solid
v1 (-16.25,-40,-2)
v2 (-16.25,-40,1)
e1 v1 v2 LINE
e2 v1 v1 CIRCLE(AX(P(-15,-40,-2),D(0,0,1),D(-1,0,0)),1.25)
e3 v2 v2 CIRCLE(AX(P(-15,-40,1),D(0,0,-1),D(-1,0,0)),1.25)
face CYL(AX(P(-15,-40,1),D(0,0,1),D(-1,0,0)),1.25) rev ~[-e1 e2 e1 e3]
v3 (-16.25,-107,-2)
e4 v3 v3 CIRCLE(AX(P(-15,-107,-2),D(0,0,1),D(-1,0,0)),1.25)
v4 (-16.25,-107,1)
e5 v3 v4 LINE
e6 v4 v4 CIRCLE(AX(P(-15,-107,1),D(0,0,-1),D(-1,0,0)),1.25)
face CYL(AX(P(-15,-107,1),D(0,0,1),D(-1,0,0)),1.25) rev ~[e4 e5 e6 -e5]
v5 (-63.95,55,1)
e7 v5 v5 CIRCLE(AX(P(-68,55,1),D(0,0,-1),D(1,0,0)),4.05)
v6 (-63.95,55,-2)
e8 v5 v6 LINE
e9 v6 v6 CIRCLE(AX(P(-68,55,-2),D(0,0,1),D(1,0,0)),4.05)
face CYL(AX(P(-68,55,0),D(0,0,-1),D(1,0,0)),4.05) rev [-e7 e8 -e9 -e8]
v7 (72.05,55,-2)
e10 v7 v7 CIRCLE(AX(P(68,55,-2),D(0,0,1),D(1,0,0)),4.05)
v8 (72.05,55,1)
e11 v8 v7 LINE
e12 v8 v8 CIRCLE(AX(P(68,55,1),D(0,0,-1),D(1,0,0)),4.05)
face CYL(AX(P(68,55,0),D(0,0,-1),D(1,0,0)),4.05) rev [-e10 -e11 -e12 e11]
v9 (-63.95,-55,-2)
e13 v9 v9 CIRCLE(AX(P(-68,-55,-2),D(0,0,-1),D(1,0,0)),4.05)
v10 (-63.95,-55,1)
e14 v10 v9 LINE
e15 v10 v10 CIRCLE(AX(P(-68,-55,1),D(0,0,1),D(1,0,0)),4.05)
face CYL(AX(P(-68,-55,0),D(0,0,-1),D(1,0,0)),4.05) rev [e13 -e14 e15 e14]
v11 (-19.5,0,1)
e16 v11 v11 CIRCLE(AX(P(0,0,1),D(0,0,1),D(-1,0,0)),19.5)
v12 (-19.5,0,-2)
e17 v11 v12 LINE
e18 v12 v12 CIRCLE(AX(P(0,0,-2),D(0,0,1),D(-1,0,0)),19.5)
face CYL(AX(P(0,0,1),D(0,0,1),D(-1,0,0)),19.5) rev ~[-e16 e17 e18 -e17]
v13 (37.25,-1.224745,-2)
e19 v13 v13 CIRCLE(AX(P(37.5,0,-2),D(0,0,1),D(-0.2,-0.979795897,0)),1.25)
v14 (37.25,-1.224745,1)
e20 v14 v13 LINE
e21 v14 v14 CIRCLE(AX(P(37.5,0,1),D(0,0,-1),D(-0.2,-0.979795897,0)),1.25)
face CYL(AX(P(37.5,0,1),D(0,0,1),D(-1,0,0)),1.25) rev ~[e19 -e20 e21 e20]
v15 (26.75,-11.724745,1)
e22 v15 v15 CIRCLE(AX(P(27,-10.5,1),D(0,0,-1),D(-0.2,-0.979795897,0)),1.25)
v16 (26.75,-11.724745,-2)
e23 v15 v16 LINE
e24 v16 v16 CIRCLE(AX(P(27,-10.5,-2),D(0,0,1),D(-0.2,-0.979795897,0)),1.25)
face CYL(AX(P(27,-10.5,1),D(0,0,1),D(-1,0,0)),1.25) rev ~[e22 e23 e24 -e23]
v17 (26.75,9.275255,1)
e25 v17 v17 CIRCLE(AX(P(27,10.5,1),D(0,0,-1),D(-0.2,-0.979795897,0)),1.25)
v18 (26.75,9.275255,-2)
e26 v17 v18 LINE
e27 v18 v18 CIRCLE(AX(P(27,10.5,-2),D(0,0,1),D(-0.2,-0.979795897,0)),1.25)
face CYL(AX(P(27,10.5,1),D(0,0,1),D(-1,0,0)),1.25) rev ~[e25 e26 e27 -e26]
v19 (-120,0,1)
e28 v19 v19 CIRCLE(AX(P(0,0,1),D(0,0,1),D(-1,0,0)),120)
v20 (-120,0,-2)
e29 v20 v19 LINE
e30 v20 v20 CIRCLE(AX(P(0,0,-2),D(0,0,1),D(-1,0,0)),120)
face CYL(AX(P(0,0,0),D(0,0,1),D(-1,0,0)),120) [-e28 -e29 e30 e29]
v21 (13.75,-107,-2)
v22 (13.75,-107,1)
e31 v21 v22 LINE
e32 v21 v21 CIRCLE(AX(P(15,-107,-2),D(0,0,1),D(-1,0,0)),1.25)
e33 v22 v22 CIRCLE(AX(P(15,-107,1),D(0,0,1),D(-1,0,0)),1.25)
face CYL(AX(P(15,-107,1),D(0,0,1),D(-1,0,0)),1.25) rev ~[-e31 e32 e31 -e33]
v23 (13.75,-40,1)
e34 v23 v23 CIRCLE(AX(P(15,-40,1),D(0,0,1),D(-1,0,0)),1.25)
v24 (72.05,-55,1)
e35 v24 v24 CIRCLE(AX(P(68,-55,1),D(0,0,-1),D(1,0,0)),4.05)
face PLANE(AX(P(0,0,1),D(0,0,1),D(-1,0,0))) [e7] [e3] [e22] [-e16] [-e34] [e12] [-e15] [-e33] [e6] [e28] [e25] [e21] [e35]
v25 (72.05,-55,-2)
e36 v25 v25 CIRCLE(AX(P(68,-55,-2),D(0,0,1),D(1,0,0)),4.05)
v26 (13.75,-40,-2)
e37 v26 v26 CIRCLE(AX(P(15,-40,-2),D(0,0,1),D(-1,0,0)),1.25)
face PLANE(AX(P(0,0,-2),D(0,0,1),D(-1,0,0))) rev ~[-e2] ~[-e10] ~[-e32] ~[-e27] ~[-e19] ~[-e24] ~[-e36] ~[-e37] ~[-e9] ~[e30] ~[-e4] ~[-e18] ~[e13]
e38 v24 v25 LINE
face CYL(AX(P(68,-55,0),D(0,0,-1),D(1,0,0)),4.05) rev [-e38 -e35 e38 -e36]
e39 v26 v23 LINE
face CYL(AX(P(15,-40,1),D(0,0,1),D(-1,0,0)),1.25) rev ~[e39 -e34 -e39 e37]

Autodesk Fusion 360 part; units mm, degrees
sketch "スケッチ1" plane through (0, 0, 0) normal (0, 0, 1) x (1, 0, 0)
  line L0 (68, -55) -> (-68, -55)
  line L1 (-68, -55) -> (-68, 55)
  line L2 (-68, 55) -> (68, 55)
  line L3 (68, 55) -> (68, -55)
  line L4 (68, -55) -> (-68, 55) construction
  line L5 (-68, -55) -> (68, 55) construction
  circle A0 centre (-68, 55) radius 4.05
  circle A1 centre (68, 55) radius 4.05
  circle A2 centre (-68, -55) radius 4.05
  circle A3 centre (68, -55) radius 4.05
  circle A4 centre (0, 0) radius 35
  circle A5 centre (0, 0) radius 130
  dimension "d1" = 136
  dimension "d2" = 110
  dimension "d3" = 8.1
  dimension "d4" = 8.1
  dimension "d5" = 8.1
  dimension "d6" = 8.1
  dimension "d18" = 70
  dimension "d19" = 260
extrude "押し出し1" add sketch "スケッチ1" along normal blind 1 contours L0 L1 L2 L3 A0 A1 A2 A3 | A5
sketch "スケッチ7" plane through (0, 0, 1) normal (0, 0, 1) x (-1, 0, 0)
  circle A0 centre (68, -55) radius 4.05
  circle A1 centre (68, 55) radius 4.05
  circle A2 centre (-68, -55) radius 4.05
  circle A3 centre (-68, 55) radius 4.05
  circle A4 centre (0, 0) radius 35
  circle A5 centre (0, 0) radius 130
  circle A6 centre (0, 0) radius 25
  dimension "d809" = 50
extrude "押し出し11" add sketch "スケッチ7" against normal blind 1 contours A4
sketch "スケッチ8" plane through (0, 0, 1) normal (0, 0, 1) x (-1, 0, 0)
  circle A0 centre (0, 0) radius 25
  circle A1 centre (68, -55) radius 4.05
  circle A2 centre (68, 55) radius 4.05
  circle A3 centre (-68, -55) radius 4.05
  circle A4 centre (-68, 55) radius 4.05
  circle A5 centre (0, 0) radius 130
  line L0 (0, 0) -> (16.5, 0)
  line L1 (16.5, 0) -> (16.5, 25.6)
  circle A6 centre (16.5, 25.6) radius 1.25
  line L2 (0, 0) -> (-16.5, 0)
  line L3 (-16.5, 0) -> (-16.5, -25.6)
  circle A7 centre (-16.5, -25.6) radius 1.25
  line L4 (-16.5, -25.6) -> (-37.5, -25.6)
  circle A8 centre (-37.5, -25.6) radius 1.25
  line L5 (-27, -25.6) -> (-27, -36.1)
  line L6 (-27, -25.6) -> (-27, -15.1)
  circle A9 centre (-27, -36.1) radius 1.25
  circle A10 centre (-27, -15.1) radius 1.25
  dimension "d812" = 16.5
  dimension "d813" = 25.6
  dimension "d814" = 2.5
  dimension "d817" = 16.5
  dimension "d818" = 25.6
  dimension "d819" = 2.5
  dimension "d822" = 21
  dimension "d823" = 2.5
  dimension "d824" = 10.5
  dimension "d825" = 10.5
  dimension "d826" = 2.5
  dimension "d827" = 2.5
extrude "押し出し13" cut sketch "スケッチ8" against normal blind 1 contours L3 A7 L4 | L3 A7 L4 | A8 | A9 | A10
sketch "スケッチ9" plane through (0, 0, 1) normal (0, 0, 1) x (-1, 0, 0)
  circle A0 centre (-27, -36.1) radius 1.25
  circle A1 centre (-37.5, -25.6) radius 1.25
  circle A2 centre (-16.5, -25.6) radius 1.25
  circle A3 centre (-27, -15.1) radius 1.25
  circle A4 centre (0, 0) radius 25
  circle A5 centre (68, -55) radius 4.05
  circle A6 centre (68, 55) radius 4.05
  circle A7 centre (-68, -55) radius 4.05
  circle A8 centre (-68, 55) radius 4.05
  circle A9 centre (0, 0) radius 130
  circle A10 centre (0, 0) radius 120
  dimension "d828" = -10
extrude "押し出し14" cut sketch "スケッチ9" against normal blind 1 contours A9
sketch "スケッチ10" plane through (0, 0, 1) normal (0, 0, 1) x (-1, 0, 0)
  circle A0 centre (0, 0) radius 120
  circle A1 centre (-27, -36.1) radius 1.25
  circle A2 centre (-37.5, -25.6) radius 1.25
  circle A3 centre (-16.5, -25.6) radius 1.25
  circle A4 centre (-27, -15.1) radius 1.25
  circle A5 centre (0, 0) radius 25
  circle A6 centre (68, -55) radius 4.05
  circle A7 centre (68, 55) radius 4.05
  circle A8 centre (-68, -55) radius 4.05
  circle A9 centre (-68, 55) radius 4.05
  line L0 (0, 0) -> (0, 40)
  line L1 (0, 40) -> (-15, 40)
  line L2 (0, 40) -> (15, 40)
  circle A10 centre (15, 40) radius 1.25
  circle A11 centre (-15, 40) radius 1.25
  dimension "d838" = 40
  dimension "d839" = 15
  dimension "d840" = 15
  dimension "d841" = 2.5
  dimension "d842" = 2.5
extrude "押し出し16" cut sketch "スケッチ10" against normal blind 1 contours A10 | A11
sketch "スケッチ11" plane through (0, 0, 1) normal (0, 0, 1) x (-1, 0, 0)
  circle A0 centre (-15, 40) radius 1.25
  circle A1 centre (15, 40) radius 1.25
  circle A2 centre (0, 0) radius 120
  circle A3 centre (-27, -36.1) radius 1.25
  circle A4 centre (-37.5, -25.6) radius 1.25
  circle A5 centre (-16.5, -25.6) radius 1.25
  circle A6 centre (-27, -15.1) radius 1.25
  circle A7 centre (0, 0) radius 25
  circle A8 centre (68, -55) radius 4.05
  circle A9 centre (68, 55) radius 4.05
  circle A10 centre (-68, -55) radius 4.05
  circle A11 centre (-68, 55) radius 4.05
  line L0 (0, 0) -> (0, 107)
  line L1 (0, 107) -> (15, 107)
  line L2 (0, 107) -> (-15, 107)
  circle A12 centre (15, 107) radius 1.25
  circle A13 centre (-15, 107) radius 1.25
  dimension "d845" = 107
  dimension "d846" = 15
  dimension "d847" = 15
  dimension "d848" = 2.5
  dimension "d849" = 2.5
extrude "押し出し17" cut sketch "スケッチ11" against normal blind 1 contours A12 | A13
sketch "スケッチ12" plane through (0, 0, 1) normal (0, 0, 1) x (-1, 0, 0)
  circle A0 centre (15, 107) radius 1.25
  circle A1 centre (-15, 107) radius 1.25
  circle A2 centre (-15, 40) radius 1.25
  circle A3 centre (15, 40) radius 1.25
  circle A4 centre (0, 0) radius 120
  circle A5 centre (-27, -36.1) radius 1.25
  circle A6 centre (-37.5, -25.6) radius 1.25
  circle A7 centre (-16.5, -25.6) radius 1.25
  circle A8 centre (-27, -15.1) radius 1.25
  circle A9 centre (0, 0) radius 25
  circle A10 centre (68, -55) radius 4.05
  circle A11 centre (68, 55) radius 4.05
  circle A12 centre (-68, -55) radius 4.05
  circle A13 centre (-68, 55) radius 4.05
  line L0 (-37.5, -25.6) -> (-37.5, 0)
  circle A14 centre (-37.5, 0) radius 1.25
  line L1 (-27, -15.1) -> (-27, 10.5)
  circle A15 centre (-27, 10.5) radius 1.25
  line L2 (-27, -36.1) -> (-27, -10.5)
  circle A16 centre (-27, -10.5) radius 1.25
  dimension "d852" = 25.6
  dimension "d853" = 2.5
  dimension "d854" = 25.6
  dimension "d855" = 2.5
  dimension "d856" = 25.6
  dimension "d857" = 2.5
extrude "押し出し18" add sketch "スケッチ12" against normal blind 1 contours A5 | A6 | A7 | A8 L1 L2 | A8 L1 L2
extrude "押し出し19" cut sketch "スケッチ12" against normal blind 1 contours A14 | L1 L2 A16 | L1 L2 A16 | A15
extrude "押し出し20" add 1 faces at (-71.1115, -16.9879, 0) along direction (0, 0, -1) blind 2
sketch "スケッチ13" plane through (0, 0, 1) normal (0, 0, 1) x (-1, 0, 0)
  circle A0 centre (-37.5, 0) radius 1.25
  circle A1 centre (-27, 10.5) radius 1.25
  circle A2 centre (-27, -10.5) radius 1.25
  circle A3 centre (15, 107) radius 1.25
  circle A4 centre (-15, 107) radius 1.25
  circle A5 centre (-15, 40) radius 1.25
  circle A6 centre (15, 40) radius 1.25
  circle A7 centre (0, 0) radius 120
  circle A8 centre (0, 0) radius 25
  circle A9 centre (68, -55) radius 4.05
  circle A10 centre (68, 55) radius 4.05
  circle A11 centre (-68, -55) radius 4.05
  circle A12 centre (-68, 55) radius 4.05
  circle A13 centre (0, 0) radius 20
  dimension "d864" = 40
extrude "押し出し21" add sketch "スケッチ13" against normal blind 3 contours A8
sketch "スケッチ14" plane through (0, 0, 1) normal (0, 0, 1) x (-1, 0, 0)
  circle A0 centre (0, 0) radius 20
  circle A1 centre (-37.5, 0) radius 1.25
  circle A2 centre (-27, 10.5) radius 1.25
  circle A3 centre (-27, -10.5) radius 1.25
  circle A4 centre (15, 107) radius 1.25
  circle A5 centre (-15, 107) radius 1.25
  circle A6 centre (-15, 40) radius 1.25
  circle A7 centre (15, 40) radius 1.25
  circle A8 centre (0, 0) radius 120
  circle A9 centre (68, -55) radius 4.05
  circle A10 centre (68, 55) radius 4.05
  circle A11 centre (-68, -55) radius 4.05
  circle A12 centre (-68, 55) radius 4.05
  line L0 (-37.5, 0) -> (-37, 0)
  line L1 (-27, -10.5) -> (-26.5, -10.5)
  line L2 (-27, 10.5) -> (-26.5, 10.5)
  circle A13 centre (-26.5, -10.5) radius 1.25
  circle A14 centre (-37, 0) radius 1.25
  circle A15 centre (-26.5, 10.5) radius 1.25
  dimension "d867" = 0.5
  dimension "d868" = 0.5
  dimension "d869" = 0.5
  dimension "d870" = 2.5
  dimension "d871" = 2.5
  dimension "d872" = 2.5
extrude "押し出し22" cut sketch "スケッチ14" against normal blind 3 contours A1 A14 | A2 A15 | A3 A13 picked at (-35.9431, -0.2395) picked at (-25.4431, 10.2605) picked at (-25.4431, -10.7395)
extrude "押し出し23" add sketch "スケッチ14" against normal blind 3 contours A1 A14 | A2 A15 | A3 A13 picked at (-38.5777, -0.0913) picked at (-28.0777, 10.5913) picked at (-28.0777, -10.4087)
sketch "スケッチ15" plane through (0, 0, 1) normal (0, 0, 1) x (-1, 0, 0)
  circle A0 centre (-68, 55) radius 4.05
  circle A1 centre (-68, -55) radius 4.05
  circle A2 centre (68, 55) radius 4.05
  circle A3 centre (68, -55) radius 4.05
  circle A4 centre (0, 0) radius 120
  circle A5 centre (15, 40) radius 1.25
  circle A6 centre (-15, 40) radius 1.25
  circle A7 centre (-15, 107) radius 1.25
  circle A8 centre (15, 107) radius 1.25
  circle A9 centre (-26.5, -10.5) radius 1.25
  circle A10 centre (-26.5, 10.5) radius 1.25
  circle A11 centre (-37, 0) radius 1.25
  circle A12 centre (0, 0) radius 20
  circle A13 centre (0, 0) radius 19.5
  dimension "d877" = 39
extrude "押し出し24" add sketch "スケッチ15" against normal blind 3 contours A12
